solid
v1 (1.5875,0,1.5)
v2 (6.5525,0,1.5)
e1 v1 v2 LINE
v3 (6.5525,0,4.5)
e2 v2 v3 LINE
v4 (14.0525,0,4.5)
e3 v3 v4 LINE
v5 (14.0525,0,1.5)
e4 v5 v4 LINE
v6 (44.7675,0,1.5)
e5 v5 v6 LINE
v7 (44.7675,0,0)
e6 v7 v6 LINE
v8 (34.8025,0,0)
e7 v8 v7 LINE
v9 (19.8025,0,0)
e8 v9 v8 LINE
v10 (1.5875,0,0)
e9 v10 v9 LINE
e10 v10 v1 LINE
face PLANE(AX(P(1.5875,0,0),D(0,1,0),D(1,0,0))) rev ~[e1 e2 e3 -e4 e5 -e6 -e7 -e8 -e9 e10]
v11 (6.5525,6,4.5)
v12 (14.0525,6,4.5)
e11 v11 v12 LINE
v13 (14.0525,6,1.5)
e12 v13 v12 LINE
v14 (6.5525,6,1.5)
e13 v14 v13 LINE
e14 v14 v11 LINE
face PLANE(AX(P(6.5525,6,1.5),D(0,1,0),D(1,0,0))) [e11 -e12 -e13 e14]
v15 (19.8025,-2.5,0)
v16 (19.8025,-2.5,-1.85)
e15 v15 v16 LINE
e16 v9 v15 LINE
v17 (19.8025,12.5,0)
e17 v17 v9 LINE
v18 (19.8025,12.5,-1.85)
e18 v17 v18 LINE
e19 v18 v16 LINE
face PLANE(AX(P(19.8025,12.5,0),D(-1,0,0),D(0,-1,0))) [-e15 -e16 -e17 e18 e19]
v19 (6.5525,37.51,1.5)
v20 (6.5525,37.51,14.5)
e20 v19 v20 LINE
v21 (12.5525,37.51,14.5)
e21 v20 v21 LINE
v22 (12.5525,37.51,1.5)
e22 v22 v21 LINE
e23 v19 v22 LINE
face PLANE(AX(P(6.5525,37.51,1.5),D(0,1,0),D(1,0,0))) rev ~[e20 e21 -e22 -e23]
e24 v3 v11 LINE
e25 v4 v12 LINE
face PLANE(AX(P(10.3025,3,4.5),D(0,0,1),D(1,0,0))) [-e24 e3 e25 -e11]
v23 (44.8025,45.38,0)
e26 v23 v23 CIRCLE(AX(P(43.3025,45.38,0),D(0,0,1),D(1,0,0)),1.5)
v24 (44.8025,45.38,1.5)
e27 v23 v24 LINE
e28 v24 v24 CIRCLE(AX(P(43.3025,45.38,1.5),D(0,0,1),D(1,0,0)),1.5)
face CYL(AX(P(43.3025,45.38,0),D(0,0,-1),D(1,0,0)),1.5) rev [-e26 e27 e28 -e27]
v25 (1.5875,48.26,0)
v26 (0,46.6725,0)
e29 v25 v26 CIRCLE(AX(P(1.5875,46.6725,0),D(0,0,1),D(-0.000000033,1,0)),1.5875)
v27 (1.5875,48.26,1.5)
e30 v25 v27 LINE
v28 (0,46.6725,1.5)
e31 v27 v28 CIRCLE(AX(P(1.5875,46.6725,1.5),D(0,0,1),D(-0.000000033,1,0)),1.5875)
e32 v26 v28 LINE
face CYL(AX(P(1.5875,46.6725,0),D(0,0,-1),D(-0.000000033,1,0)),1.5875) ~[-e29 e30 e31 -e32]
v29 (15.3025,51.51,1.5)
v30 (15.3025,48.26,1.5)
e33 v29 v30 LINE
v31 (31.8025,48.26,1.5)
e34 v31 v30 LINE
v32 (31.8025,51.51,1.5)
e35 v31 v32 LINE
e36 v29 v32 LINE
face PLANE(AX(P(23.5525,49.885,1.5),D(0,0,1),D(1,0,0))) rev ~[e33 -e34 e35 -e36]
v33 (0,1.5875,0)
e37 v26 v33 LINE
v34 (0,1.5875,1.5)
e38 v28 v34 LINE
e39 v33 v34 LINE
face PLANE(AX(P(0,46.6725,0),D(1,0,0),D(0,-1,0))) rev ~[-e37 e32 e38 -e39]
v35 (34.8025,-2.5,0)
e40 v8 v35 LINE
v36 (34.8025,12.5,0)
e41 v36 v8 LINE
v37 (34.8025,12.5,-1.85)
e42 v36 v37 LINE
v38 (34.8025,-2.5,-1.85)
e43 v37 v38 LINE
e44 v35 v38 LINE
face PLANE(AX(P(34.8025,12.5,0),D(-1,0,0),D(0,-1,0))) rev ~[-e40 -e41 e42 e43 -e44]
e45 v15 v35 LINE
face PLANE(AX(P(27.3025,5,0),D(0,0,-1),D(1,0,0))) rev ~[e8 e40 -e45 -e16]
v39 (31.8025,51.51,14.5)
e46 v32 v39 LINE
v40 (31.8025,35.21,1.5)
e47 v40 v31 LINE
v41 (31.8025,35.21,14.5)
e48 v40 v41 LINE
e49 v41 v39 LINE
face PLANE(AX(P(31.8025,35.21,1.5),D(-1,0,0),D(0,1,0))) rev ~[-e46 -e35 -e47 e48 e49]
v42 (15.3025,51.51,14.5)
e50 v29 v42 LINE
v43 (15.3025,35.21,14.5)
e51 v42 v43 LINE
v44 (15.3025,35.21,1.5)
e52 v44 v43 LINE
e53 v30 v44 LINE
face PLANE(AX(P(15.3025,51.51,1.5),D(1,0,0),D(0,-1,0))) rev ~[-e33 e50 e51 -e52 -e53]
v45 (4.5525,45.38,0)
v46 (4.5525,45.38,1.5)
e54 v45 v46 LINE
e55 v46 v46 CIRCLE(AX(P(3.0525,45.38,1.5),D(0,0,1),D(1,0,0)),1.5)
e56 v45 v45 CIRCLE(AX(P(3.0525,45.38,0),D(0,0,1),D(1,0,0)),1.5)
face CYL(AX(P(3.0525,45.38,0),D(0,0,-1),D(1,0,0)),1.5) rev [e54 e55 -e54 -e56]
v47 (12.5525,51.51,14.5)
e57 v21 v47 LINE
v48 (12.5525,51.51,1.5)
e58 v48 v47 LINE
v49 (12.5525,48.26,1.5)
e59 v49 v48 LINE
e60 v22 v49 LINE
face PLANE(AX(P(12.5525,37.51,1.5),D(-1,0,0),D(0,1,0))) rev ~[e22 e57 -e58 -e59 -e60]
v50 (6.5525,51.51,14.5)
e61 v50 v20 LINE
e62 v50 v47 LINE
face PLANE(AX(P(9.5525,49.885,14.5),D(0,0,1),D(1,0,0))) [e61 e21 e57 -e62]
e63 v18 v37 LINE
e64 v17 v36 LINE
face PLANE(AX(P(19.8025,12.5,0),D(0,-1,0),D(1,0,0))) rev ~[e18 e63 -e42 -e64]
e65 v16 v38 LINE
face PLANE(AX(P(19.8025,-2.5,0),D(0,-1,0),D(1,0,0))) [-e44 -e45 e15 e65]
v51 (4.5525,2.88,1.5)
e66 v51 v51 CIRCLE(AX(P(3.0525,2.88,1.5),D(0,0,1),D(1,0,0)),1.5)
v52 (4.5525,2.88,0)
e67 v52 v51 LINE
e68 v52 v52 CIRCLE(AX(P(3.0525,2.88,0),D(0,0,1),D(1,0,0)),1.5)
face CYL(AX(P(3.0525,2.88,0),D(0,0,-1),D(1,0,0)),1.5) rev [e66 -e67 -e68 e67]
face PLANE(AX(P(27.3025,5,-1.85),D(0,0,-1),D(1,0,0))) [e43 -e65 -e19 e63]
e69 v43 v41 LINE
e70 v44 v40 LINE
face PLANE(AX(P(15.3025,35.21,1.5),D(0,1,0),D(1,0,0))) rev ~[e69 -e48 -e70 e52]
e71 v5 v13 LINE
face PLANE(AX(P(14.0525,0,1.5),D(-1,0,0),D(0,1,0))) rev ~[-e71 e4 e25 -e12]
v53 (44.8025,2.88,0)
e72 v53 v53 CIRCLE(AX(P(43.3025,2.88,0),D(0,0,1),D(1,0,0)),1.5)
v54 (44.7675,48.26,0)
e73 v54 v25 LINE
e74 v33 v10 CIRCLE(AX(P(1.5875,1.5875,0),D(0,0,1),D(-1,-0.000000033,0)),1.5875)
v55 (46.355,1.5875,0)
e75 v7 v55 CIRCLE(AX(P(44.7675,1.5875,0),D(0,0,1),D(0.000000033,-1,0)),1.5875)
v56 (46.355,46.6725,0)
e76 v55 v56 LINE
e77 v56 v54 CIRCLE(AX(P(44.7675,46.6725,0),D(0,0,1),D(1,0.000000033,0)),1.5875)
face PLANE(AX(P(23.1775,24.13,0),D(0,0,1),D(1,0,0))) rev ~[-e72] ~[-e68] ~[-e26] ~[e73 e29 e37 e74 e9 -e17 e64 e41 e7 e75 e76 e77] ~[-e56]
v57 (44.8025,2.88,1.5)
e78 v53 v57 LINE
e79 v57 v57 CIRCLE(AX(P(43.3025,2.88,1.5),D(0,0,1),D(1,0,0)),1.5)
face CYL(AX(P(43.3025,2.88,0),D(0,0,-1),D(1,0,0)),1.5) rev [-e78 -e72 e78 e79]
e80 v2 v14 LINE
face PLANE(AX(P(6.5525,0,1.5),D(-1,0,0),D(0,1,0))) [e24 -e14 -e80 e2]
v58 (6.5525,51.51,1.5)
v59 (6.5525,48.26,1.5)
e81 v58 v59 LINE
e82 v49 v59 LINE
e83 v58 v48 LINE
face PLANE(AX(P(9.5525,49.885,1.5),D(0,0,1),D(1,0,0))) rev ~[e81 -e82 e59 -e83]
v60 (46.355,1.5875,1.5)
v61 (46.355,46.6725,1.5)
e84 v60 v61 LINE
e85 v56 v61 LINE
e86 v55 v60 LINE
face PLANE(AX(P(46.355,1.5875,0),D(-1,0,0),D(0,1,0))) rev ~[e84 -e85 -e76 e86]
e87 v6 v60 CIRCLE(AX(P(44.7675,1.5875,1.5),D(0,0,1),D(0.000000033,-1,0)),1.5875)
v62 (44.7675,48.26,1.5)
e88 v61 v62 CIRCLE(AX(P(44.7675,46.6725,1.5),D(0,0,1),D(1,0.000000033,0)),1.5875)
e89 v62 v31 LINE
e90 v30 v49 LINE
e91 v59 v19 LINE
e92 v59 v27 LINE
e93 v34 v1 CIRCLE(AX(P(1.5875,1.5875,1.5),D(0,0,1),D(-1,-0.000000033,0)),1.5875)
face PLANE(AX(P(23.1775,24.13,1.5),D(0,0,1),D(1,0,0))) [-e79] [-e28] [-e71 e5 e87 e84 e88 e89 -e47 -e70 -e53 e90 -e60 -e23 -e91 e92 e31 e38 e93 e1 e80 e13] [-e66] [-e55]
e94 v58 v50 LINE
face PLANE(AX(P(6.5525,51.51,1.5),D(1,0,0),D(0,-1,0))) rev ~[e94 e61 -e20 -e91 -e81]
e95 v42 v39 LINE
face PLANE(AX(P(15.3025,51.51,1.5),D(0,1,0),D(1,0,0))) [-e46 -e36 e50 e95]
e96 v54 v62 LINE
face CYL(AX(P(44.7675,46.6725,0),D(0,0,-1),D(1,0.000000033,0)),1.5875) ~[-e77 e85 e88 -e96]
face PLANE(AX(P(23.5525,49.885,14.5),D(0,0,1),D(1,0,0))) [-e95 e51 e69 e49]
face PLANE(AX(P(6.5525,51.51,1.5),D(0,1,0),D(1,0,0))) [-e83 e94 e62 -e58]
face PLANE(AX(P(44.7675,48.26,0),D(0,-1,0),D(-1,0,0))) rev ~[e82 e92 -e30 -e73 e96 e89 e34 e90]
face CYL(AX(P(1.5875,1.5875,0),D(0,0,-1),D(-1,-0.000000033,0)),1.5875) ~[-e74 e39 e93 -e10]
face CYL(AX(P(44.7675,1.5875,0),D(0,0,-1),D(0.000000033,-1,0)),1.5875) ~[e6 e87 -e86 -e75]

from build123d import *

# Parameters (mm, degrees)
F0_R     = 2.5
F0_R_2   = 1.5
F1_DEPTH = 1.5
F2_W     = 6
F2_H     = 3.25
F2_W_2   = 16.5
F2_H_2   = 10.75
F2_H_3   = 13.05
F3_DEPTH = 13
F2_W_3   = 7.5
F2_H_4   = 6
F4_DEPTH = 3
F5_W     = 15
F5_H     = 15
F6_DEPTH = 1.85


with BuildPart() as f1:
    # F0 (on Top) → F1 (new body)
    with BuildSketch(Plane.XY):
        with BuildLine():
            ThreePointArc((0, 1.5875), (0.464968, 0.464968), (1.5875, 0))
            Line((1.5875, 0), (44.7675, 0))
            ThreePointArc((44.7675, 0), (45.890032, 0.464968), (46.355, 1.5875))
            Line((46.355, 1.5875), (46.355, 46.6725))
            ThreePointArc((46.355, 46.6725), (45.890032, 47.795032), (44.7675, 48.26))
            Line((44.7675, 48.26), (1.5875, 48.26))
            ThreePointArc((1.5875, 48.26), (0.464968, 47.795032), (0, 46.6725))
            Line((0, 46.6725), (0, 1.5875))
        make_face()
        with Locations((3.0525, 2.88)):
            Circle(F0_R, mode=Mode.SUBTRACT)
        with Locations((43.3025, 2.88)):
            Circle(F0_R, mode=Mode.SUBTRACT)
        with Locations((3.0525, 45.38)):
            Circle(F0_R, mode=Mode.SUBTRACT)
        with Locations((43.3025, 45.38)):
            Circle(F0_R, mode=Mode.SUBTRACT)
        with Locations((3.0525, 2.88)):
            Circle(F0_R)
        with Locations((3.0525, 2.88)):
            Circle(F0_R_2, mode=Mode.SUBTRACT)
        with Locations((43.3025, 2.88)):
            Circle(F0_R)
        with Locations((43.3025, 2.88)):
            Circle(F0_R_2, mode=Mode.SUBTRACT)
        with Locations((43.3025, 45.38)):
            Circle(F0_R)
        with Locations((43.3025, 45.38)):
            Circle(F0_R_2, mode=Mode.SUBTRACT)
        with Locations((3.0525, 45.38)):
            Circle(F0_R)
        with Locations((3.0525, 45.38)):
            Circle(F0_R_2, mode=Mode.SUBTRACT)
    extrude(amount=F1_DEPTH)

    # F2 (on face) → F3 (join)
    with BuildSketch(Plane.XY.offset(1.5)):
        with Locations((9.5525, 49.885)):
            Rectangle(F2_W, F2_H)
        with Locations((23.5525, 49.885)):
            Rectangle(F2_W_2, F2_H)
        with Locations((9.5525, 42.885)):
            Rectangle(F2_W, F2_H_2)
        with Locations((23.5525, 41.735)):
            Rectangle(F2_W_2, F2_H_3)
    extrude(amount=F3_DEPTH)

    # F2 (on face) → F4 (join)
    with BuildSketch(Plane.XY.offset(1.5)):
        with Locations((10.3025, 3)):
            Rectangle(F2_W_3, F2_H_4)
    extrude(amount=F4_DEPTH)

    # F5 (on face) → F6 (join)
    with BuildSketch(Plane(origin=(0, 0, 0), x_dir=(1, 0, 0), z_dir=(0, 0, -1))):
        with Locations((27.3025, -5)):
            Rectangle(F5_W, F5_H)
    extrude(amount=F6_DEPTH)


solid = f1.part
